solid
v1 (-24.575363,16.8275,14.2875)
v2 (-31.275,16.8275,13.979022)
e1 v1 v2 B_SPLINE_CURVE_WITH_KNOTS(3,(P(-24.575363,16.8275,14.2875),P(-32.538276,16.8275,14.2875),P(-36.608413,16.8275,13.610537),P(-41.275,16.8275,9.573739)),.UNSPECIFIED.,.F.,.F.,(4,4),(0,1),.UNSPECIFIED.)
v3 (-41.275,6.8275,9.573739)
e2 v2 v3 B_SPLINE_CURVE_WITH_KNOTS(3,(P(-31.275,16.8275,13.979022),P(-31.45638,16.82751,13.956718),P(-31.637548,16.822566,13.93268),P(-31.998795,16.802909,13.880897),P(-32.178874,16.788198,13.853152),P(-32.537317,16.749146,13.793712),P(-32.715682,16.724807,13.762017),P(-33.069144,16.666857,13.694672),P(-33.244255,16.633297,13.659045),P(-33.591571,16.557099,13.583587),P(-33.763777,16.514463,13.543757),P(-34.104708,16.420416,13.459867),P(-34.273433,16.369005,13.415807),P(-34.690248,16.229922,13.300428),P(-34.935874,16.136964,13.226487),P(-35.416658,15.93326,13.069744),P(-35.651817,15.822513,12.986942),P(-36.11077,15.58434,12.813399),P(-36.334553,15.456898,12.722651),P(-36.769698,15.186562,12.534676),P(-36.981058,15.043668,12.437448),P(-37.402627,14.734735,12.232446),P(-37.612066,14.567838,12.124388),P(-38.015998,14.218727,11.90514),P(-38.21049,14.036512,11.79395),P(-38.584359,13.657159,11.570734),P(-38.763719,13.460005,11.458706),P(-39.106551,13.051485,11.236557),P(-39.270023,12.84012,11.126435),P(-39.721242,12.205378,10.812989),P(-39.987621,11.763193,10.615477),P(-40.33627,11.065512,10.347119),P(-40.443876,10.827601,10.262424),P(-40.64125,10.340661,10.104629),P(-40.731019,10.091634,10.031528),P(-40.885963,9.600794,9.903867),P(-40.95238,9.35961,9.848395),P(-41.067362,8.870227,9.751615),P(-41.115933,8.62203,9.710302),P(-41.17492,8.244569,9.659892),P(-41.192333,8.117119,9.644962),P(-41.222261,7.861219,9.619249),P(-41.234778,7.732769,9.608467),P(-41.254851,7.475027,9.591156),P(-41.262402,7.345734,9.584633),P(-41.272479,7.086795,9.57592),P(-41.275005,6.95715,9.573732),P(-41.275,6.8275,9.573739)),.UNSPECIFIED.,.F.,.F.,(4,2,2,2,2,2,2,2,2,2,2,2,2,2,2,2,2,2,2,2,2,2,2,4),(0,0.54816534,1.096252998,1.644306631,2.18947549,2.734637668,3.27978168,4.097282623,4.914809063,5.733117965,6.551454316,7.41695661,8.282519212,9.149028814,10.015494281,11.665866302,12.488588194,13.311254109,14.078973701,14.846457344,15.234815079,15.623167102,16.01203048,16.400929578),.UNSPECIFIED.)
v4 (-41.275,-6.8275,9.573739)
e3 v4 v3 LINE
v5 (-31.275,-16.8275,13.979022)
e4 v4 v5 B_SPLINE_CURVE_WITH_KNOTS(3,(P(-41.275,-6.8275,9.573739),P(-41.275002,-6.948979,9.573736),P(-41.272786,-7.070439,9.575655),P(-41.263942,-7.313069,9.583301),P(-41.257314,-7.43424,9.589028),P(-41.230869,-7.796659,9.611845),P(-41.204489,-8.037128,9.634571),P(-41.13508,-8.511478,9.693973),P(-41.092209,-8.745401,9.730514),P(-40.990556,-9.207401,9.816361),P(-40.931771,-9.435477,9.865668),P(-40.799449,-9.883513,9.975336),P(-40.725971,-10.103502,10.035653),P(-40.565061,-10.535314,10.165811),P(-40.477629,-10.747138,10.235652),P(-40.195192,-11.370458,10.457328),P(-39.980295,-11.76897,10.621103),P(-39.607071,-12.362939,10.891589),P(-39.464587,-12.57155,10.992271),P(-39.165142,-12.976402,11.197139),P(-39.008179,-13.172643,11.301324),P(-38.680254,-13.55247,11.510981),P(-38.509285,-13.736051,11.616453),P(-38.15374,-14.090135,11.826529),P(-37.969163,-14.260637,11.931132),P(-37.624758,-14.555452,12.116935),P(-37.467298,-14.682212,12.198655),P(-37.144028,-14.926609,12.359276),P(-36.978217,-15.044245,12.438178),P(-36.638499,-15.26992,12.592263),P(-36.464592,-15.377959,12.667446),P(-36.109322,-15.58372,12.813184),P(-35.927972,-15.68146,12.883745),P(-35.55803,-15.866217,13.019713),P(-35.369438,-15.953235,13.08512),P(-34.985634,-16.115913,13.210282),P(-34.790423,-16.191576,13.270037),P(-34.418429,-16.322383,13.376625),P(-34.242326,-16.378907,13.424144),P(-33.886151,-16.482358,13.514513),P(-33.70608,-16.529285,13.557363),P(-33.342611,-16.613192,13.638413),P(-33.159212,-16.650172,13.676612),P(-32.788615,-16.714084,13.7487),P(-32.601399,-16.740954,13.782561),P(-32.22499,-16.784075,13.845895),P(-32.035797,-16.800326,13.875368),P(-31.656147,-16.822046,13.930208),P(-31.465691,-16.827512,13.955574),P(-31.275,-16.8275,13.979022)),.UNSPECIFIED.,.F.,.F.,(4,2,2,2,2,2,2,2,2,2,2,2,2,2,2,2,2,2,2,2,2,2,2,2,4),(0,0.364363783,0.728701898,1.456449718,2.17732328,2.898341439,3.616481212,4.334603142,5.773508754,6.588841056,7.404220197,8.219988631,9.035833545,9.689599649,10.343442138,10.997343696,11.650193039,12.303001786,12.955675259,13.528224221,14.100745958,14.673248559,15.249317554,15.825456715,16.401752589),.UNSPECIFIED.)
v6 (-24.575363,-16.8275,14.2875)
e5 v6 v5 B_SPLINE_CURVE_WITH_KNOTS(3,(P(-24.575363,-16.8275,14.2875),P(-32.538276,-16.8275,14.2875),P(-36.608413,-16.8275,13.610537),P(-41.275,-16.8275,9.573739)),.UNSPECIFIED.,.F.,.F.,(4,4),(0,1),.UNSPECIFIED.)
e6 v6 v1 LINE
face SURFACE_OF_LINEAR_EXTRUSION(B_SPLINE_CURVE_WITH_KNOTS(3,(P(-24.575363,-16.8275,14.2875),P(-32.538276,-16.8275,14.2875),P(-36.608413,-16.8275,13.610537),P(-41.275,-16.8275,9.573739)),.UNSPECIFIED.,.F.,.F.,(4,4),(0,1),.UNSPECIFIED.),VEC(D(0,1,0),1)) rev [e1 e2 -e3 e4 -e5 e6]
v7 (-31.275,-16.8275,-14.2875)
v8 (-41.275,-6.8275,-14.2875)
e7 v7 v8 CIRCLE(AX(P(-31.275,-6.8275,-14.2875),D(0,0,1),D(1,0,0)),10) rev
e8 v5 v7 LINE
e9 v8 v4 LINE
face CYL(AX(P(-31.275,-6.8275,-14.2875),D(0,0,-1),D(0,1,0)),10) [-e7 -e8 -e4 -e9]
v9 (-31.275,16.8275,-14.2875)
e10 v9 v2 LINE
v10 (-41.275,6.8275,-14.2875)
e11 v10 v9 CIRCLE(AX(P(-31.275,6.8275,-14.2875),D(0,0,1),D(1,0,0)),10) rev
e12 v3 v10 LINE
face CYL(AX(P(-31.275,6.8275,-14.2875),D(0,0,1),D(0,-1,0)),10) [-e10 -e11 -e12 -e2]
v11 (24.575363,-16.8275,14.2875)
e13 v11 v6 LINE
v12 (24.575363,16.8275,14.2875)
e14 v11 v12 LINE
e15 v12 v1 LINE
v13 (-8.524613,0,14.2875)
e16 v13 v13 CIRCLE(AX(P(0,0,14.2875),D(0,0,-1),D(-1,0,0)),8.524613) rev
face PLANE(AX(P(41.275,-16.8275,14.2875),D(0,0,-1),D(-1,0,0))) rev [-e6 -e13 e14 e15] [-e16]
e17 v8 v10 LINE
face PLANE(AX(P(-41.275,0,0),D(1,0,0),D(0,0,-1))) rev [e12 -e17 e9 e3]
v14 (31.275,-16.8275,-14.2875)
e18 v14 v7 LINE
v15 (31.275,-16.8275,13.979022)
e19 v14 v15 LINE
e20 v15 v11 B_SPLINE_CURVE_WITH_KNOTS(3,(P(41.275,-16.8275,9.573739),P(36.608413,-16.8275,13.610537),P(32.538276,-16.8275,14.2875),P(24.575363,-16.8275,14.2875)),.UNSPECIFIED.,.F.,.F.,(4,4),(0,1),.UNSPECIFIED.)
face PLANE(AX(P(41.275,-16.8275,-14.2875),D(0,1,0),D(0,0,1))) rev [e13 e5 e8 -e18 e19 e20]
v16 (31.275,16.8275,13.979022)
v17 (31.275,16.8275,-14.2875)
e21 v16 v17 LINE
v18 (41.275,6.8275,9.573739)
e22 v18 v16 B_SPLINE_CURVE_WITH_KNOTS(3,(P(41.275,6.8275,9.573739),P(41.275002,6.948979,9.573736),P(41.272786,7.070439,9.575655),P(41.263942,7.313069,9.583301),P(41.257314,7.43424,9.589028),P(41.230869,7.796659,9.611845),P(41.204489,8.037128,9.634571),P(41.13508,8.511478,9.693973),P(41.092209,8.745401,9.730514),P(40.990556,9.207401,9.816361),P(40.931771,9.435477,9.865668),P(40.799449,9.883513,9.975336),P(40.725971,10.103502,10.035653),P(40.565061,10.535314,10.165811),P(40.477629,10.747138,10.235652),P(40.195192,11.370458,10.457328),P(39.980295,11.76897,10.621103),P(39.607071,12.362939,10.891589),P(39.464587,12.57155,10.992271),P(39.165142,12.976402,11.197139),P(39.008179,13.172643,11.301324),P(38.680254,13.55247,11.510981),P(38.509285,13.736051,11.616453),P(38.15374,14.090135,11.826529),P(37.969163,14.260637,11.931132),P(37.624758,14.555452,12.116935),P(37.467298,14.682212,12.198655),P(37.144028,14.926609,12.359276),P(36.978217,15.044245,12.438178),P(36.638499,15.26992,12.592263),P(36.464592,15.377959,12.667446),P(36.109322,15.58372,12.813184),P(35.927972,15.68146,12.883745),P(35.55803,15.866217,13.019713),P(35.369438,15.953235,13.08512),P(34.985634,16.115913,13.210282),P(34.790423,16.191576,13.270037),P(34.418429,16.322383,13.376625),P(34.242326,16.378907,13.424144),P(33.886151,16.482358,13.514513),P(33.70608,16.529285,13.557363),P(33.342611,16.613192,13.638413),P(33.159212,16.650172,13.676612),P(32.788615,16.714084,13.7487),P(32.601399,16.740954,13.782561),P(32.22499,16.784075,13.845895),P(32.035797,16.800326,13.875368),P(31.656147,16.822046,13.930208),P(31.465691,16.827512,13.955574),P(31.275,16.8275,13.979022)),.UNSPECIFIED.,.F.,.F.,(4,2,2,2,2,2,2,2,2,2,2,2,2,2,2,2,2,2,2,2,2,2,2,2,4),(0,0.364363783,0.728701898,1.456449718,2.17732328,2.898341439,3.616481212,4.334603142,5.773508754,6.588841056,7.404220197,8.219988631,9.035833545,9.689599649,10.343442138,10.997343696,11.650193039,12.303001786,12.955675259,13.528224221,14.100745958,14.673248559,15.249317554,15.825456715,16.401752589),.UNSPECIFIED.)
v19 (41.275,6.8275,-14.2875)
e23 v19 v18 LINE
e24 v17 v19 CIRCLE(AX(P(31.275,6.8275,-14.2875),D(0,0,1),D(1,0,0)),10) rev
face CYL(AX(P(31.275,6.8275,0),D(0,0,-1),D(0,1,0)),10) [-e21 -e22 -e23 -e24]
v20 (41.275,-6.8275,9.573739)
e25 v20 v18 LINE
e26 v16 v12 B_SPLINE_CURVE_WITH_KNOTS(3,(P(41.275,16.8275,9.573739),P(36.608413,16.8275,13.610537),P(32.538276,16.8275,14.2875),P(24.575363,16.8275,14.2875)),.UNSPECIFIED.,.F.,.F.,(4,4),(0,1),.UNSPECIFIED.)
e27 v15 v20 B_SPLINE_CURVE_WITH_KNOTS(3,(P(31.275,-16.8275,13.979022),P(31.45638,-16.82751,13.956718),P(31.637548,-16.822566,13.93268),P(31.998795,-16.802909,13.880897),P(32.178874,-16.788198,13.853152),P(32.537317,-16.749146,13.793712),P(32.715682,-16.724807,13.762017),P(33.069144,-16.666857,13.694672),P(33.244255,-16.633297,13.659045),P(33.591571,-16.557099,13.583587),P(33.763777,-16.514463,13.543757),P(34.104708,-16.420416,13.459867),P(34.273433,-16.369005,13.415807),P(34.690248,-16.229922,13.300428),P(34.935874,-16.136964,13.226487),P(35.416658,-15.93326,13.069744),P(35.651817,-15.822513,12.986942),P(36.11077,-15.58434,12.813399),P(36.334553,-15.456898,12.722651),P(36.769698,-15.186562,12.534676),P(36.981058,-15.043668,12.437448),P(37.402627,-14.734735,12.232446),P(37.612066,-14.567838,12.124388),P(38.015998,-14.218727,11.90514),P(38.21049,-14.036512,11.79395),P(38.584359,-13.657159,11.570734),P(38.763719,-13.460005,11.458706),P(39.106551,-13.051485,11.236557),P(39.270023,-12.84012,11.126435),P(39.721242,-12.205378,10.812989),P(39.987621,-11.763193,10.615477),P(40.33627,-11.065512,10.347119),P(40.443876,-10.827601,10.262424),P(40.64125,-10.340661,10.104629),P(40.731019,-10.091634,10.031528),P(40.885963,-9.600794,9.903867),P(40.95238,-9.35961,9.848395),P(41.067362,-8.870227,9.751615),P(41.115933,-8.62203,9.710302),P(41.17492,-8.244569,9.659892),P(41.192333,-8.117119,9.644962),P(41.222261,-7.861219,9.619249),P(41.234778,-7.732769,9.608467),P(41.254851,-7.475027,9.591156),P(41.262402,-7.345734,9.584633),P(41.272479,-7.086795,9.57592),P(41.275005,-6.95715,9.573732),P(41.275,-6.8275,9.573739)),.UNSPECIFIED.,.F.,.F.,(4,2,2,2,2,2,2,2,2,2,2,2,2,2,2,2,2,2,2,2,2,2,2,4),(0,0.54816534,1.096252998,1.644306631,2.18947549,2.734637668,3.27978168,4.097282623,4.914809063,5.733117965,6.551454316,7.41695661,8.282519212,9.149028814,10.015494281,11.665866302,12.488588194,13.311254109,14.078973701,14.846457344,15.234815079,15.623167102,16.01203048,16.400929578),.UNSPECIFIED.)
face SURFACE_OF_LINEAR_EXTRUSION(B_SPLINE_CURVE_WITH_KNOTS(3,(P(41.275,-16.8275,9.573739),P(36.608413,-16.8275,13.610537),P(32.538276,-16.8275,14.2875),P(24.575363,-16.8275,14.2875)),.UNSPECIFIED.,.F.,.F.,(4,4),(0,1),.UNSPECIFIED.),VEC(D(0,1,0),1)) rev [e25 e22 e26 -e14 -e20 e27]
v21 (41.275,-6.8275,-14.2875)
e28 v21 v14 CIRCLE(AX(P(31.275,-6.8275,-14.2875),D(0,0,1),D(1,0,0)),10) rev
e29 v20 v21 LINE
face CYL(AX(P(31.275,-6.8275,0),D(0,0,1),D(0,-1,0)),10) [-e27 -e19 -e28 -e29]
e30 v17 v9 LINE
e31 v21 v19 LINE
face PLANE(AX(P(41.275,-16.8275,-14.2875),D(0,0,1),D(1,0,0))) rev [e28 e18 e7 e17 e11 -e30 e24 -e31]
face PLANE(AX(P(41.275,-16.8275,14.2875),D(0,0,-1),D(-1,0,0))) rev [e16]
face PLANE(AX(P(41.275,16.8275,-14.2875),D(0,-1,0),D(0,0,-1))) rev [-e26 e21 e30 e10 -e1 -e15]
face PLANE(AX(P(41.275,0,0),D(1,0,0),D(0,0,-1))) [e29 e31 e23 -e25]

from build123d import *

# Parameters (mm, degrees)
SKETCH1_W           = 28.575
SKETCH1_H           = 33.655
BOSS_EXTRUDE1_DEPTH = 41.275
FILLET1_R           = 10
CUT_EXTRUDE2_DEPTH  = 56.139979201


with BuildPart() as part:
    # Sketch1 → Boss-Extrude1 (new, symmetric)
    with BuildSketch(Plane(origin=(0, 0, 0), x_dir=(0, 0, -1), z_dir=(1, 0, 0))):
        Rectangle(SKETCH1_W, SKETCH1_H)
    extrude(amount=BOSS_EXTRUDE1_DEPTH, both=True)

    # Fillet1
    fillet1_edges = [part.edges().sort_by_distance(p)[0] for p in [
        (41.275, 16.8275, 0),
        (-41.275, 16.8275, 0),
        (-41.275, -16.8275, 0),
        (41.275, -16.8275, 0),
    ]]
    fillet(fillet1_edges, radius=FILLET1_R)

    # Sketch2 → Cut-Extrude2 (cut, through all)
    with BuildSketch(Plane(origin=(0, 16.8275, 0), x_dir=(1, 0, 0), z_dir=(0, 1, 0))):
        with BuildLine():
            Line((-41.275, -9.573739396), (-47.491413454, -9.573739396))
            Line((-47.491413454, -9.573739396), (-47.491413454, -17.62428107))
            Line((-47.491413454, -17.62428107), (-24.575362808, -17.62428107))
            Line((-24.575362808, -17.62428107), (-24.575362808, -14.2875))
            add(Edge.make_bspline(
                [(-41.275, -9.573739396), (-36.608413477, -13.610536753), (-32.538276189, -14.2875), (-24.575362808, -14.2875)],
                knots=[0, 0, 0, 0, 1, 1, 1, 1], degree=3))
        make_face()
        with BuildLine():
            Line((24.575362808, -17.62428107), (24.575362808, -14.2875))
            add(Edge.make_bspline(
                [(41.275, -9.573739396), (36.608413477, -13.610536753), (32.538276189, -14.2875), (24.575362808, -14.2875)],
                knots=[0, 0, 0, 0, 1, 1, 1, 1], degree=3))
            Line((41.275, -9.573739396), (47.491413454, -9.573739396))
            Line((47.491413454, -9.573739396), (47.491413454, -17.62428107))
            Line((47.491413454, -17.62428107), (24.575362808, -17.62428107))
        make_face()
    extrude(amount=-CUT_EXTRUDE2_DEPTH, mode=Mode.SUBTRACT)


solid = part.part
